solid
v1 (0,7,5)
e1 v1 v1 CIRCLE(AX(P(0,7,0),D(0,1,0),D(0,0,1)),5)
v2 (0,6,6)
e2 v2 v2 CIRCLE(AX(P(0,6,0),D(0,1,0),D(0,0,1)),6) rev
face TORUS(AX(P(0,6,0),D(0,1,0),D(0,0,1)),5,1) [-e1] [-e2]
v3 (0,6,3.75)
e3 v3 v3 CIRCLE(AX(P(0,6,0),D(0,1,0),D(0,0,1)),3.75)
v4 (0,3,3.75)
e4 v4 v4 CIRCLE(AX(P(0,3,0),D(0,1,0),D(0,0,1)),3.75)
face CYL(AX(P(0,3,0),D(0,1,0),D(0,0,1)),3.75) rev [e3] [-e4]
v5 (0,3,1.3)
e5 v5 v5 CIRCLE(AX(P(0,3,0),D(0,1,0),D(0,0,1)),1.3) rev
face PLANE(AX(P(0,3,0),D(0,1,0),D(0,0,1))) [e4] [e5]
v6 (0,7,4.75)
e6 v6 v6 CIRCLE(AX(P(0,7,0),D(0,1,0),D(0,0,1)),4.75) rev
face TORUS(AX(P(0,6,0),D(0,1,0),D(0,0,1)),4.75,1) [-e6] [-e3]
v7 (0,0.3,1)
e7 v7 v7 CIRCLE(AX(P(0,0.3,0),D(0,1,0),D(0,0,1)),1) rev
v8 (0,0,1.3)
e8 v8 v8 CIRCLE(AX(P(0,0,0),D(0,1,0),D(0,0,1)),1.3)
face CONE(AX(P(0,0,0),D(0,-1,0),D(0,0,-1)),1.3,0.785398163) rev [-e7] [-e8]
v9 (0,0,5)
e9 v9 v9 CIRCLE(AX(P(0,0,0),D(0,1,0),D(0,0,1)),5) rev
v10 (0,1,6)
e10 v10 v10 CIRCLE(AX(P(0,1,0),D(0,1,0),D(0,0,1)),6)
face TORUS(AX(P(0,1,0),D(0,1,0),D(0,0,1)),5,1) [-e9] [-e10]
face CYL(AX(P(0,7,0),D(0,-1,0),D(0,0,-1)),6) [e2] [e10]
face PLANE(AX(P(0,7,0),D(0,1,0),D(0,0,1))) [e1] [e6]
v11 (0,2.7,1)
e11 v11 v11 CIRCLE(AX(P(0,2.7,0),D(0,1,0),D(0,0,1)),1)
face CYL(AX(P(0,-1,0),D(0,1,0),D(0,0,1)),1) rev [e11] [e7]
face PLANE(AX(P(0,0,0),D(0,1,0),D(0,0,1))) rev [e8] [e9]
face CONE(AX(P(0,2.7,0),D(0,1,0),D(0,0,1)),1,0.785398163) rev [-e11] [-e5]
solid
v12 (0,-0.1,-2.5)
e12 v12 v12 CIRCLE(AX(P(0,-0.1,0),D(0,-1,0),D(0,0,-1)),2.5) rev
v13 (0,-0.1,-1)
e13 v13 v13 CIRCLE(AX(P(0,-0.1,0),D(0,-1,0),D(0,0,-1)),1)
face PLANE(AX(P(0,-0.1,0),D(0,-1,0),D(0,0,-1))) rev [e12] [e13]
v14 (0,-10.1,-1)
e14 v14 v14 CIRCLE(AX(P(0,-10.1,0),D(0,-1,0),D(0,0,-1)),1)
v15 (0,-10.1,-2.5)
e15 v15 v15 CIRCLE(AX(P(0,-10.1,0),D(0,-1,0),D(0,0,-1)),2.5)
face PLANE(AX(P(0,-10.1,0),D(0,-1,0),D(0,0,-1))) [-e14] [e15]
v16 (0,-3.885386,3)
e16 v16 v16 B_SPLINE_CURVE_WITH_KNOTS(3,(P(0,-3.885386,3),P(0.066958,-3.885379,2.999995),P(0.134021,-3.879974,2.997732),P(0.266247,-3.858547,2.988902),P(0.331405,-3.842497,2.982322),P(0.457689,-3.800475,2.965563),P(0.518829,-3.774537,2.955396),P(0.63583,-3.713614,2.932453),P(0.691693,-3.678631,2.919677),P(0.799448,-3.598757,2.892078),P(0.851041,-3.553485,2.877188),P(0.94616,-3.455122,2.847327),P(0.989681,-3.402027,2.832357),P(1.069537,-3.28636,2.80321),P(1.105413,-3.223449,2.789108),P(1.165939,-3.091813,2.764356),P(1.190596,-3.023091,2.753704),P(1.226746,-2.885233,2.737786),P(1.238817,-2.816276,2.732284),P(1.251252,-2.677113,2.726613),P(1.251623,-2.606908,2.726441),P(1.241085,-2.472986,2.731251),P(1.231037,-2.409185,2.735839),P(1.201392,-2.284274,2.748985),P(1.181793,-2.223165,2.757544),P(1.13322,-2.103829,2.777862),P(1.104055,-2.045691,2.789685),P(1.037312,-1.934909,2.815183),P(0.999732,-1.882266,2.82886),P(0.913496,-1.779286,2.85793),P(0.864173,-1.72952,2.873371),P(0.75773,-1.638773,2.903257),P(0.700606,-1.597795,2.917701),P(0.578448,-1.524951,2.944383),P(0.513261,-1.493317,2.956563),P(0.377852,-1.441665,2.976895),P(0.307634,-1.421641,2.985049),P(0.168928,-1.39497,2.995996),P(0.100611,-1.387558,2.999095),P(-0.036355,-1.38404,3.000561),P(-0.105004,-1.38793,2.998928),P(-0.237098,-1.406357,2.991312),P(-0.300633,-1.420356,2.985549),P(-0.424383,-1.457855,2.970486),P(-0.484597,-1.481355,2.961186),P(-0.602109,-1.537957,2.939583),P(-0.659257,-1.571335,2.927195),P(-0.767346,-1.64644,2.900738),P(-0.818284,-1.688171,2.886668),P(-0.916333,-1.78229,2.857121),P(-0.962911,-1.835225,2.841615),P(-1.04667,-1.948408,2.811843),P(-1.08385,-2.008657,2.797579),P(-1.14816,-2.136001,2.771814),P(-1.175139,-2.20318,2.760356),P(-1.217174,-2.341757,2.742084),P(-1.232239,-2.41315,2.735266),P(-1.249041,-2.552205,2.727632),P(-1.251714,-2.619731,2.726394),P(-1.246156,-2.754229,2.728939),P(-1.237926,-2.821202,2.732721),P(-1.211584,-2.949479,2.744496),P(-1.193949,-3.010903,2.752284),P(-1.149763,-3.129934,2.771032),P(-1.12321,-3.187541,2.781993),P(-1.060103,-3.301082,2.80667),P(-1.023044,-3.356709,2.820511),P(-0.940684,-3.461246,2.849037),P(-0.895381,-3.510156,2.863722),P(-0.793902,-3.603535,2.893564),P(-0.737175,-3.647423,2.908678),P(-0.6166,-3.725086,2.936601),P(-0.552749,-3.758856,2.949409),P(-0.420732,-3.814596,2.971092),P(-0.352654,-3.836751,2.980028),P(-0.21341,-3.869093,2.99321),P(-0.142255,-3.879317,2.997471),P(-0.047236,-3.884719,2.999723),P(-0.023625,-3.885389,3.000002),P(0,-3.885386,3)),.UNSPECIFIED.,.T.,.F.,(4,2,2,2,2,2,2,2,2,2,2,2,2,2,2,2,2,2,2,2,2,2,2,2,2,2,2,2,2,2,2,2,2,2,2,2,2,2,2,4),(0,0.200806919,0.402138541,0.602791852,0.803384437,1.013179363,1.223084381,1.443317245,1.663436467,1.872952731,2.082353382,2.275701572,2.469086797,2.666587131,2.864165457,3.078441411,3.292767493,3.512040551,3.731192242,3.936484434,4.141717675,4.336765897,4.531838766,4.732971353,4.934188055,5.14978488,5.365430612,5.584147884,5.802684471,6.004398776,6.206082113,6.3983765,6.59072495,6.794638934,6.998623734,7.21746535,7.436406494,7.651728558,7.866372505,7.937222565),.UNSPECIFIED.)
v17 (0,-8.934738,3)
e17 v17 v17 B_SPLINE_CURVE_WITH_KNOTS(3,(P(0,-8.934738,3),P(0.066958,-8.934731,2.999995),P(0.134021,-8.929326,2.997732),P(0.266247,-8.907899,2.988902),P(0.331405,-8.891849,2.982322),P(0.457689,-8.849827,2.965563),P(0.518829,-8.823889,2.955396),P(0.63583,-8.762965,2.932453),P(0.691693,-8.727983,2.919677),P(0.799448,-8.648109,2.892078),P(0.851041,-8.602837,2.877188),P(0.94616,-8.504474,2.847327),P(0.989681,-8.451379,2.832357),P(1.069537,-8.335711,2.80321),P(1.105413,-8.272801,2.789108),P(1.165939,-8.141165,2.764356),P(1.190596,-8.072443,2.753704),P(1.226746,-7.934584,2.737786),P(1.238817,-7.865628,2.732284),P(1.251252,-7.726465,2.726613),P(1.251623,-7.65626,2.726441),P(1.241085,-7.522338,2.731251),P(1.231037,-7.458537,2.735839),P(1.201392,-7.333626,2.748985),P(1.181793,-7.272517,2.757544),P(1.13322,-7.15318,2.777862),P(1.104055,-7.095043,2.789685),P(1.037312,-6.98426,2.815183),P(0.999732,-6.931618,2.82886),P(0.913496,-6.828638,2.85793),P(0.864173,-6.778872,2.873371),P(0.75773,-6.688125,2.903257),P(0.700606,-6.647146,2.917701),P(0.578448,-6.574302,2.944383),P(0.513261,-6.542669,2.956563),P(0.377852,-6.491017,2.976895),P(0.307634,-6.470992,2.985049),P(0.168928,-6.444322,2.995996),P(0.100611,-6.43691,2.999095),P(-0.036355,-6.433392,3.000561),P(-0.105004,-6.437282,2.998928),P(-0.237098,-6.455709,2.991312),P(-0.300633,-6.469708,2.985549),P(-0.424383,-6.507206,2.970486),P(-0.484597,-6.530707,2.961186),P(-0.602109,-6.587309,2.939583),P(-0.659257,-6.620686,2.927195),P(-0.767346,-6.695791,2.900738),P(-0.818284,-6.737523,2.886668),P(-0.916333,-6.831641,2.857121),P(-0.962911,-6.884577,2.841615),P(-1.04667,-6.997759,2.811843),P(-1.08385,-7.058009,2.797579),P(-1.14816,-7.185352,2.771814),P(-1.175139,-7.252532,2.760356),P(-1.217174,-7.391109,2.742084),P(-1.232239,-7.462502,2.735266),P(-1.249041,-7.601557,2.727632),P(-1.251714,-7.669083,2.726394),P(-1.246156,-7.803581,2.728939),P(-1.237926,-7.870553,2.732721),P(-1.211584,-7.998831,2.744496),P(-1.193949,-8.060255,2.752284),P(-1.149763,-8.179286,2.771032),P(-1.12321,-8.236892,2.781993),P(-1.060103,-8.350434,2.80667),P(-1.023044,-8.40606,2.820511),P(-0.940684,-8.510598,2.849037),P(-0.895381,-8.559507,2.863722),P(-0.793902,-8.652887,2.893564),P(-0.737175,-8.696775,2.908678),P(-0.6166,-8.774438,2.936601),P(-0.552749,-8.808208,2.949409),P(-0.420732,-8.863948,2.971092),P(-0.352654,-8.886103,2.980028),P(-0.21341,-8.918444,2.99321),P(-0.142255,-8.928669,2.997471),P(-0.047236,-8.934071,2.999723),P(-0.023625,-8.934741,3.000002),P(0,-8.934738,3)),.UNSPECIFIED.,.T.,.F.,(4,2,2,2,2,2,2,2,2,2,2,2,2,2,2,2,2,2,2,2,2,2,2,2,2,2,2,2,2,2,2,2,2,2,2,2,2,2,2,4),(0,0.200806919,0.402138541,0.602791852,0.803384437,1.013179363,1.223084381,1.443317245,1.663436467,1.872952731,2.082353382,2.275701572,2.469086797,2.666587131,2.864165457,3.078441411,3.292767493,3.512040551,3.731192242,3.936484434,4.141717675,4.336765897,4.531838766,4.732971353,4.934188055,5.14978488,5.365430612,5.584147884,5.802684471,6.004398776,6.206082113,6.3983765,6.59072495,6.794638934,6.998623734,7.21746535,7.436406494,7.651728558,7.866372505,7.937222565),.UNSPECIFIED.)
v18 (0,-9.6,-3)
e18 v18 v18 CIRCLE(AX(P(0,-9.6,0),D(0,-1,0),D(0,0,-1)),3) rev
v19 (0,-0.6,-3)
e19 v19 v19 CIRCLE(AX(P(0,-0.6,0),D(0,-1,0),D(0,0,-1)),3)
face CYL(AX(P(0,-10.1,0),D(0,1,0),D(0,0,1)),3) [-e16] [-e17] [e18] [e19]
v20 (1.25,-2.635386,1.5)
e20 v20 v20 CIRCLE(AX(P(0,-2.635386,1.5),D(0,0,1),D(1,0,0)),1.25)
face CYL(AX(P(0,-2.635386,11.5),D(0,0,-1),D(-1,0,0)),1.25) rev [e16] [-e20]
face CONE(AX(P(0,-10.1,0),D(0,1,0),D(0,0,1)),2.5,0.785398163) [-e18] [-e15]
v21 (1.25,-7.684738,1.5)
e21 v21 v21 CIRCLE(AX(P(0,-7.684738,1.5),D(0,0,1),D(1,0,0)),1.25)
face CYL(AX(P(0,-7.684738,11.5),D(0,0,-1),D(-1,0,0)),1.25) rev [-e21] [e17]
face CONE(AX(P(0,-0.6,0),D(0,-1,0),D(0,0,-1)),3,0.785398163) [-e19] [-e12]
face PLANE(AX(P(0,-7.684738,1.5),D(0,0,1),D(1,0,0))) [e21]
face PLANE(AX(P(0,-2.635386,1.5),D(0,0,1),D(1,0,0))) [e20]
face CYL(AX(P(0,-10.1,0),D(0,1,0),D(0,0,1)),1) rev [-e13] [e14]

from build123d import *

# Parameters (mm, degrees)
SKIZZE1_R                       = 6
AUFSATZ_LINEAR_AUSTRAGEN1_DEPTH = 7
SKIZZE2_R                       = 3.75
SCHNITT_LINEAR_AUSTRAGEN1_DEPTH = 4
SKIZZE3_R                       = 1
SCHNITT_LINEAR_AUSTRAGEN2_DEPTH = 4
AUFSATZ_LINEAR_START            = 0.1
SKIZZE5_R                       = 3
SKIZZE5_R_2                     = 1
AUFSATZ_LINEAR_AUSTRAGEN2_DEPTH = 10
SCHNITT_LINEAR_START            = 1.5
SKIZZE6_R                       = 1.25
SCHNITT_LINEAR_AUSTRAGEN3_DEPTH = 10
VERRUNDUNG1_R                   = 1
FASE1_SIZE                      = 0.5
FASE2_SIZE                      = 0.3


with BuildPart() as part:
    # Skizze1 → Aufsatz-Linear austragen1 (new body)
    with BuildSketch(Plane(origin=(0, 0, 0), x_dir=(1, 0, 0), z_dir=(0, 1, 0))):
        Circle(SKIZZE1_R)
    extrude(amount=AUFSATZ_LINEAR_AUSTRAGEN1_DEPTH)

    # Skizze2 → Schnitt-Linear austragen1 (cut)
    with BuildSketch(Plane(origin=(0, 7, 0), x_dir=(1, 0, 0), z_dir=(0, 1, 0))):
        Circle(SKIZZE2_R)
    extrude(amount=-SCHNITT_LINEAR_AUSTRAGEN1_DEPTH, mode=Mode.SUBTRACT)

    # Skizze3 → Schnitt-Linear austragen2 (cut)
    with BuildSketch(Plane(origin=(0, 3, 0), x_dir=(1, 0, 0), z_dir=(0, 1, 0))):
        Circle(SKIZZE3_R)
    extrude(amount=-SCHNITT_LINEAR_AUSTRAGEN2_DEPTH, mode=Mode.SUBTRACT)

    # Verrundung1
    verrundung1_edges = [part.edges().sort_by_distance(p)[0] for p in [
        (-6, 0, 0),
        (-6, 7, 0),
        (-3.75, 7, 0),
    ]]
    fillet(verrundung1_edges, radius=VERRUNDUNG1_R)

    # Fase2
    fase2_edges = [part.edges().sort_by_distance(p)[0] for p in [
        (-1, 0, 0),
        (-1, 3, 0),
    ]]
    chamfer(fase2_edges, length=FASE2_SIZE)


with BuildPart() as body_2:
    # Skizze5 → Aufsatz-Linear austragen2 (new body)
    with BuildSketch(Plane.XZ.offset(AUFSATZ_LINEAR_START)):
        Circle(SKIZZE5_R)
        Circle(SKIZZE5_R_2, mode=Mode.SUBTRACT)
    extrude(amount=AUFSATZ_LINEAR_AUSTRAGEN2_DEPTH)

    # Skizze6 → Schnitt-Linear austragen3 (cut)
    with BuildSketch(Plane.XY.offset(SCHNITT_LINEAR_START)):
        with Locations((0, -2.635386332)):
            Circle(SKIZZE6_R)
        with Locations((0, -7.684738109)):
            Circle(SKIZZE6_R)
    extrude(amount=SCHNITT_LINEAR_AUSTRAGEN3_DEPTH, mode=Mode.SUBTRACT)

    # Fase1
    fase1_edges = [body_2.edges().sort_by_distance(p)[0] for p in [
        (-3, -0.1, 0),
        (-3, -10.1, 0),
    ]]
    chamfer(fase1_edges, length=FASE1_SIZE)


solid = Compound([part.part, body_2.part])
